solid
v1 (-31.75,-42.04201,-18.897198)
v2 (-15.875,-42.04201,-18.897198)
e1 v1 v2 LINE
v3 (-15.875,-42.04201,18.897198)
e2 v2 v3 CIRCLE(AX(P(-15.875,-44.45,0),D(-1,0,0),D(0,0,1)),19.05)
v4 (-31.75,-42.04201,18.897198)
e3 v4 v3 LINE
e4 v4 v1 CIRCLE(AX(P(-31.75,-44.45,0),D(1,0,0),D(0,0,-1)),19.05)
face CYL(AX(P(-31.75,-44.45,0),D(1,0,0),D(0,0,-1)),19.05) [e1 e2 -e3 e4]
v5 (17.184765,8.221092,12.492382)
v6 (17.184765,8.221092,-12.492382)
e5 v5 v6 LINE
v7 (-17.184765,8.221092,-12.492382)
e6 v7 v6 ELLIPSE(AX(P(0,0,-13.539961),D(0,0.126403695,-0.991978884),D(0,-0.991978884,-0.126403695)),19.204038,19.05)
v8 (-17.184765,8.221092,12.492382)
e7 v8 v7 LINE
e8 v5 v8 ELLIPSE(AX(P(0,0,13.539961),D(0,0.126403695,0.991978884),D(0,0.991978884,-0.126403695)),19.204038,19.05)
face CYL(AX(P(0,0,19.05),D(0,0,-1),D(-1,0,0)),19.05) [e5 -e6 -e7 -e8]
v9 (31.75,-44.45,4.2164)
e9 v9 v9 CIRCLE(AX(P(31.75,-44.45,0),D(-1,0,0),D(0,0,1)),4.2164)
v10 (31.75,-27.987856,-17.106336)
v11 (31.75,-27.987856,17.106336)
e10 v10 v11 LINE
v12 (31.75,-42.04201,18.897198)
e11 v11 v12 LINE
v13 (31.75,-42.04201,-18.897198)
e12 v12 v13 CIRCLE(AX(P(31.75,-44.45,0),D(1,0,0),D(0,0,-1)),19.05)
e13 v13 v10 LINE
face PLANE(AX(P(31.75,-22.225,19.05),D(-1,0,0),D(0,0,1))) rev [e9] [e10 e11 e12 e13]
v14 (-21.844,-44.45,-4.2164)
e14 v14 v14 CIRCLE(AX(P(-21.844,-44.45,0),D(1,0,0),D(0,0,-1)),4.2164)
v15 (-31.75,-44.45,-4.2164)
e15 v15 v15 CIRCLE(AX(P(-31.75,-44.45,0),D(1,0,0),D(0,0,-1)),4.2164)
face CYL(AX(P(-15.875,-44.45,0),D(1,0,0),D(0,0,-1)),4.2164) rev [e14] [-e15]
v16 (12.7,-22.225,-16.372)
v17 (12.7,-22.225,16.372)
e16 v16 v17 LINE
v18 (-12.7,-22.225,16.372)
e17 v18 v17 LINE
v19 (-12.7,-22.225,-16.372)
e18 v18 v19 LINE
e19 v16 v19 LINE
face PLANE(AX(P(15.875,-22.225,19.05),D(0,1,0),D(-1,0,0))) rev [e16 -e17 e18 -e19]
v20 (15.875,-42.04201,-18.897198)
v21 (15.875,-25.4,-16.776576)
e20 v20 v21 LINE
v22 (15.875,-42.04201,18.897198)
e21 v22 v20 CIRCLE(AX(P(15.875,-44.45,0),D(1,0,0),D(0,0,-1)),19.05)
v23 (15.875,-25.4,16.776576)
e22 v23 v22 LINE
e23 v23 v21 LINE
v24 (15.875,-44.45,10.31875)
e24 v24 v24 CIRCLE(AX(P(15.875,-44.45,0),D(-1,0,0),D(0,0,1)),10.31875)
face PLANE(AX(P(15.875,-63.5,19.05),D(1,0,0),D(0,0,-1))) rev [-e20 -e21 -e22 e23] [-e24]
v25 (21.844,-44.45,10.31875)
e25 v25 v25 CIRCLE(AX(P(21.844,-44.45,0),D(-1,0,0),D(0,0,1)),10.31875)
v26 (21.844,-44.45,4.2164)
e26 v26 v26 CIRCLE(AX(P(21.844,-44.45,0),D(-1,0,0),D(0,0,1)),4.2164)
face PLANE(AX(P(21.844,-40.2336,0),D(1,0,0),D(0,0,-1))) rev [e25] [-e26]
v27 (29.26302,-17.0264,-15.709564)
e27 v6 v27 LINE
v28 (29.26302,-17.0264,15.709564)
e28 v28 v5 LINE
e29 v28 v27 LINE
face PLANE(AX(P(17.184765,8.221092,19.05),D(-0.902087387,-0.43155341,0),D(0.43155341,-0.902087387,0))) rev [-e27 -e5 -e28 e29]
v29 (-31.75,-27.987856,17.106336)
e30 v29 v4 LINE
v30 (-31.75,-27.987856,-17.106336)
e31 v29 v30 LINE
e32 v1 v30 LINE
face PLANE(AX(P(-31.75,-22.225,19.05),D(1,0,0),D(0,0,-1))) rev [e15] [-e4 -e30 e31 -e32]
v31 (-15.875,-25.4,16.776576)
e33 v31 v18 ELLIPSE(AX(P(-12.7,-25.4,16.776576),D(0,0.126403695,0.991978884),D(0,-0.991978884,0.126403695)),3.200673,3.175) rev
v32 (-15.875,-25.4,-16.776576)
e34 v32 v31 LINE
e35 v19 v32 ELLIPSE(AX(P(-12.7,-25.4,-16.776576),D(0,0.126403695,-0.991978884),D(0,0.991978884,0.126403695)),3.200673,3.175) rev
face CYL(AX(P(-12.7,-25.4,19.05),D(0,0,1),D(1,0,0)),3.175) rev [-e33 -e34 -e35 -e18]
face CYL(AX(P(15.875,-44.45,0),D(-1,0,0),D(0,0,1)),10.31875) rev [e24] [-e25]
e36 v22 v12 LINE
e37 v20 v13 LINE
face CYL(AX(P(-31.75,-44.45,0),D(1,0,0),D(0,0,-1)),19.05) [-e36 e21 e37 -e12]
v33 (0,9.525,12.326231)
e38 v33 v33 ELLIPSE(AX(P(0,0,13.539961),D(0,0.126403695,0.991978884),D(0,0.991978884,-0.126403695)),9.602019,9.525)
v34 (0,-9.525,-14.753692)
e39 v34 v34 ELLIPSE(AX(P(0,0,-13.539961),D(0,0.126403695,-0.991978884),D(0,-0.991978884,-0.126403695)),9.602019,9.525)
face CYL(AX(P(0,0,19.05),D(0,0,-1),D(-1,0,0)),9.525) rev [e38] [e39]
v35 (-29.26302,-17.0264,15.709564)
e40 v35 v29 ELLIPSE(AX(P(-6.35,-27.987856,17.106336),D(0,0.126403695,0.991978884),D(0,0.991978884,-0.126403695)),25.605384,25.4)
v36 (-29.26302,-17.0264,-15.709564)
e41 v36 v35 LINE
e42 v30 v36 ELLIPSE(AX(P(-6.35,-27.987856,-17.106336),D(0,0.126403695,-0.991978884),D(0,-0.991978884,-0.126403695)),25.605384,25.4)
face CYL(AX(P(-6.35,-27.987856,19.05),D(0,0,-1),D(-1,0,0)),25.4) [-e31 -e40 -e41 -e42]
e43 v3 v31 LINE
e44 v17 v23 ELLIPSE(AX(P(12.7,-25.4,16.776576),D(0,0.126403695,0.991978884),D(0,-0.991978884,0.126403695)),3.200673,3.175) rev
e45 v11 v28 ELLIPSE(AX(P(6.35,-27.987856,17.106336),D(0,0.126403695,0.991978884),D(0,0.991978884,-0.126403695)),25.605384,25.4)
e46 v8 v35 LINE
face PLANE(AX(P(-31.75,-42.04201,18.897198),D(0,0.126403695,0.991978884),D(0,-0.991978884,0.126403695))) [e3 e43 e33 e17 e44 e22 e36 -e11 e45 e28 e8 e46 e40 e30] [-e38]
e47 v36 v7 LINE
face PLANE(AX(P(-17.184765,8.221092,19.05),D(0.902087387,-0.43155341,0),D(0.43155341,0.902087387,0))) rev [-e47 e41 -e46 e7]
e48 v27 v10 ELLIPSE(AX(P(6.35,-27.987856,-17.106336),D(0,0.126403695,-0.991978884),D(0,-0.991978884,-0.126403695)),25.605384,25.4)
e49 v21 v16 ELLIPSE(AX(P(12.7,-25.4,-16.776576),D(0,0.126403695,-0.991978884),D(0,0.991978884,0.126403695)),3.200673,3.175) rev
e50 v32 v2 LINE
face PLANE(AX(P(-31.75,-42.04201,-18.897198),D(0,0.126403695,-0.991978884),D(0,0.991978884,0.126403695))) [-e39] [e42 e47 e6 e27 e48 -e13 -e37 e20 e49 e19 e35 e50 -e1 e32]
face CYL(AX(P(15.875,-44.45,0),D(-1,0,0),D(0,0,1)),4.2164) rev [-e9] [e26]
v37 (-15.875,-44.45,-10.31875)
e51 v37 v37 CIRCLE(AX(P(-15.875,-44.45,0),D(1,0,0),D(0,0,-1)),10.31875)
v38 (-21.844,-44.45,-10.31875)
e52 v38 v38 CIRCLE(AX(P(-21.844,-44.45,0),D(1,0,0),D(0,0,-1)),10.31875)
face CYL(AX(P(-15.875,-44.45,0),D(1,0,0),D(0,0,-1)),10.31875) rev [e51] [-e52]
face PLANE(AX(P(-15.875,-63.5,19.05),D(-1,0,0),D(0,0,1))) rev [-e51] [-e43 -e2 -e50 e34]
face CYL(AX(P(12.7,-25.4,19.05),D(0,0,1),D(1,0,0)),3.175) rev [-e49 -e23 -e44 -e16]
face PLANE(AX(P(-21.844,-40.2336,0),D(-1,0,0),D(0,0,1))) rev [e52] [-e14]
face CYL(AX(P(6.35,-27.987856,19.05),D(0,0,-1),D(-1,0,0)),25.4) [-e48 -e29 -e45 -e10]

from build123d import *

# Parameters (mm, degrees)
SKETCH1_R                                 = 9.525
BOSS_EXTRUDE1_DEPTH                       = 19.05
SKETCH2_OUTSIDE_W                         = 62.28
SKETCH2_OUTSIDE_H                         = 106.73
CUT_EXTRUDE1_DEPTH                        = 31.75
FILLET1_R                                 = 3.175
FILLET2_R                                 = 25.4
CBORE_FOR_5_16_HEX_CAP_SCREW1_D           = 8.4328
CBORE_FOR_5_16_HEX_CAP_SCREW1_DEPTH       = 15.875
CBORE_FOR_5_16_HEX_CAP_SCREW1_CBORE_D     = 20.6375
CBORE_FOR_5_16_HEX_CAP_SCREW1_CBORE_DEPTH = 5.969


with BuildPart() as part:
    # Sketch1 → Boss-Extrude1 (new body, symmetric)
    with BuildSketch(Plane.XY):
        with BuildLine():
            Line((17.184764726, 8.221092465), (31.75, -22.225))
            Line((31.75, -22.225), (31.75, -63.5))
            Line((31.75, -63.5), (15.875, -63.5))
            Line((15.875, -63.5), (15.875, -22.225))
            Line((15.875, -22.225), (-15.875, -22.225))
            Line((-15.875, -22.225), (-15.875, -63.5))
            Line((-15.875, -63.5), (-31.75, -63.5))
            Line((-31.75, -63.5), (-31.75, -22.225))
            Line((-31.75, -22.225), (-17.184764726, 8.221092465))
            ThreePointArc((-17.184764726, 8.221092465), (0, 19.05), (17.184764726, 8.221092465))
        make_face()
        Circle(SKETCH1_R, mode=Mode.SUBTRACT)
    extrude(amount=BOSS_EXTRUDE1_DEPTH, both=True)

    # Sketch2 outside → Cut-Extrude1 (cut, symmetric)
    with BuildSketch(Plane(origin=(0, 0, 0), x_dir=(0, 0, -1), z_dir=(1, 0, 0))):
        with Locations((0, -22.225)):
            Rectangle(SKETCH2_OUTSIDE_W, SKETCH2_OUTSIDE_H)
        with BuildLine():
            Line((18.897197735, -42.042009604), (11.1125, 19.05))
            Line((11.1125, 19.05), (-11.1125, 19.05))
            Line((-11.1125, 19.05), (-18.897197735, -42.042009604))
            ThreePointArc((-18.897197735, -42.042009604), (0, -63.5), (18.897197735, -42.042009604))
        make_face(mode=Mode.SUBTRACT)
    extrude(amount=CUT_EXTRUDE1_DEPTH, both=True, mode=Mode.SUBTRACT)

    # Fillet1
    fillet1_edges = [part.edges().sort_by_distance(p)[0] for p in [
        (15.875, -22.225, 0),
        (-15.875, -22.225, 0),
    ]]
    fillet(fillet1_edges, radius=FILLET1_R)

    # Fillet2
    fillet2_edges = [part.edges().sort_by_distance(p)[0] for p in [
        (31.75, -22.225, 0),
        (-31.75, -22.225, 0),
    ]]
    fillet(fillet2_edges, radius=FILLET2_R)

    # CBORE for 5/16 Hex Cap Screw1
    with Locations(Plane(origin=(-15.875, 0, 0), x_dir=(0, 0, -1), z_dir=(1, 0, 0))):
        with Locations((0, -44.45)):
            cbore_for_5_16_hex_cap_screw1 = CounterBoreHole(CBORE_FOR_5_16_HEX_CAP_SCREW1_D / 2, CBORE_FOR_5_16_HEX_CAP_SCREW1_CBORE_D / 2, CBORE_FOR_5_16_HEX_CAP_SCREW1_CBORE_DEPTH, depth=CBORE_FOR_5_16_HEX_CAP_SCREW1_DEPTH)

    # Mirror1: CBORE for 5/16 Hex Cap Screw1 across plane
    add(cbore_for_5_16_hex_cap_screw1.mirror(Plane(origin=(0, 0, 0), x_dir=(0, 0, 1), z_dir=(1, 0, 0))), mode=Mode.SUBTRACT)


solid = part.part
